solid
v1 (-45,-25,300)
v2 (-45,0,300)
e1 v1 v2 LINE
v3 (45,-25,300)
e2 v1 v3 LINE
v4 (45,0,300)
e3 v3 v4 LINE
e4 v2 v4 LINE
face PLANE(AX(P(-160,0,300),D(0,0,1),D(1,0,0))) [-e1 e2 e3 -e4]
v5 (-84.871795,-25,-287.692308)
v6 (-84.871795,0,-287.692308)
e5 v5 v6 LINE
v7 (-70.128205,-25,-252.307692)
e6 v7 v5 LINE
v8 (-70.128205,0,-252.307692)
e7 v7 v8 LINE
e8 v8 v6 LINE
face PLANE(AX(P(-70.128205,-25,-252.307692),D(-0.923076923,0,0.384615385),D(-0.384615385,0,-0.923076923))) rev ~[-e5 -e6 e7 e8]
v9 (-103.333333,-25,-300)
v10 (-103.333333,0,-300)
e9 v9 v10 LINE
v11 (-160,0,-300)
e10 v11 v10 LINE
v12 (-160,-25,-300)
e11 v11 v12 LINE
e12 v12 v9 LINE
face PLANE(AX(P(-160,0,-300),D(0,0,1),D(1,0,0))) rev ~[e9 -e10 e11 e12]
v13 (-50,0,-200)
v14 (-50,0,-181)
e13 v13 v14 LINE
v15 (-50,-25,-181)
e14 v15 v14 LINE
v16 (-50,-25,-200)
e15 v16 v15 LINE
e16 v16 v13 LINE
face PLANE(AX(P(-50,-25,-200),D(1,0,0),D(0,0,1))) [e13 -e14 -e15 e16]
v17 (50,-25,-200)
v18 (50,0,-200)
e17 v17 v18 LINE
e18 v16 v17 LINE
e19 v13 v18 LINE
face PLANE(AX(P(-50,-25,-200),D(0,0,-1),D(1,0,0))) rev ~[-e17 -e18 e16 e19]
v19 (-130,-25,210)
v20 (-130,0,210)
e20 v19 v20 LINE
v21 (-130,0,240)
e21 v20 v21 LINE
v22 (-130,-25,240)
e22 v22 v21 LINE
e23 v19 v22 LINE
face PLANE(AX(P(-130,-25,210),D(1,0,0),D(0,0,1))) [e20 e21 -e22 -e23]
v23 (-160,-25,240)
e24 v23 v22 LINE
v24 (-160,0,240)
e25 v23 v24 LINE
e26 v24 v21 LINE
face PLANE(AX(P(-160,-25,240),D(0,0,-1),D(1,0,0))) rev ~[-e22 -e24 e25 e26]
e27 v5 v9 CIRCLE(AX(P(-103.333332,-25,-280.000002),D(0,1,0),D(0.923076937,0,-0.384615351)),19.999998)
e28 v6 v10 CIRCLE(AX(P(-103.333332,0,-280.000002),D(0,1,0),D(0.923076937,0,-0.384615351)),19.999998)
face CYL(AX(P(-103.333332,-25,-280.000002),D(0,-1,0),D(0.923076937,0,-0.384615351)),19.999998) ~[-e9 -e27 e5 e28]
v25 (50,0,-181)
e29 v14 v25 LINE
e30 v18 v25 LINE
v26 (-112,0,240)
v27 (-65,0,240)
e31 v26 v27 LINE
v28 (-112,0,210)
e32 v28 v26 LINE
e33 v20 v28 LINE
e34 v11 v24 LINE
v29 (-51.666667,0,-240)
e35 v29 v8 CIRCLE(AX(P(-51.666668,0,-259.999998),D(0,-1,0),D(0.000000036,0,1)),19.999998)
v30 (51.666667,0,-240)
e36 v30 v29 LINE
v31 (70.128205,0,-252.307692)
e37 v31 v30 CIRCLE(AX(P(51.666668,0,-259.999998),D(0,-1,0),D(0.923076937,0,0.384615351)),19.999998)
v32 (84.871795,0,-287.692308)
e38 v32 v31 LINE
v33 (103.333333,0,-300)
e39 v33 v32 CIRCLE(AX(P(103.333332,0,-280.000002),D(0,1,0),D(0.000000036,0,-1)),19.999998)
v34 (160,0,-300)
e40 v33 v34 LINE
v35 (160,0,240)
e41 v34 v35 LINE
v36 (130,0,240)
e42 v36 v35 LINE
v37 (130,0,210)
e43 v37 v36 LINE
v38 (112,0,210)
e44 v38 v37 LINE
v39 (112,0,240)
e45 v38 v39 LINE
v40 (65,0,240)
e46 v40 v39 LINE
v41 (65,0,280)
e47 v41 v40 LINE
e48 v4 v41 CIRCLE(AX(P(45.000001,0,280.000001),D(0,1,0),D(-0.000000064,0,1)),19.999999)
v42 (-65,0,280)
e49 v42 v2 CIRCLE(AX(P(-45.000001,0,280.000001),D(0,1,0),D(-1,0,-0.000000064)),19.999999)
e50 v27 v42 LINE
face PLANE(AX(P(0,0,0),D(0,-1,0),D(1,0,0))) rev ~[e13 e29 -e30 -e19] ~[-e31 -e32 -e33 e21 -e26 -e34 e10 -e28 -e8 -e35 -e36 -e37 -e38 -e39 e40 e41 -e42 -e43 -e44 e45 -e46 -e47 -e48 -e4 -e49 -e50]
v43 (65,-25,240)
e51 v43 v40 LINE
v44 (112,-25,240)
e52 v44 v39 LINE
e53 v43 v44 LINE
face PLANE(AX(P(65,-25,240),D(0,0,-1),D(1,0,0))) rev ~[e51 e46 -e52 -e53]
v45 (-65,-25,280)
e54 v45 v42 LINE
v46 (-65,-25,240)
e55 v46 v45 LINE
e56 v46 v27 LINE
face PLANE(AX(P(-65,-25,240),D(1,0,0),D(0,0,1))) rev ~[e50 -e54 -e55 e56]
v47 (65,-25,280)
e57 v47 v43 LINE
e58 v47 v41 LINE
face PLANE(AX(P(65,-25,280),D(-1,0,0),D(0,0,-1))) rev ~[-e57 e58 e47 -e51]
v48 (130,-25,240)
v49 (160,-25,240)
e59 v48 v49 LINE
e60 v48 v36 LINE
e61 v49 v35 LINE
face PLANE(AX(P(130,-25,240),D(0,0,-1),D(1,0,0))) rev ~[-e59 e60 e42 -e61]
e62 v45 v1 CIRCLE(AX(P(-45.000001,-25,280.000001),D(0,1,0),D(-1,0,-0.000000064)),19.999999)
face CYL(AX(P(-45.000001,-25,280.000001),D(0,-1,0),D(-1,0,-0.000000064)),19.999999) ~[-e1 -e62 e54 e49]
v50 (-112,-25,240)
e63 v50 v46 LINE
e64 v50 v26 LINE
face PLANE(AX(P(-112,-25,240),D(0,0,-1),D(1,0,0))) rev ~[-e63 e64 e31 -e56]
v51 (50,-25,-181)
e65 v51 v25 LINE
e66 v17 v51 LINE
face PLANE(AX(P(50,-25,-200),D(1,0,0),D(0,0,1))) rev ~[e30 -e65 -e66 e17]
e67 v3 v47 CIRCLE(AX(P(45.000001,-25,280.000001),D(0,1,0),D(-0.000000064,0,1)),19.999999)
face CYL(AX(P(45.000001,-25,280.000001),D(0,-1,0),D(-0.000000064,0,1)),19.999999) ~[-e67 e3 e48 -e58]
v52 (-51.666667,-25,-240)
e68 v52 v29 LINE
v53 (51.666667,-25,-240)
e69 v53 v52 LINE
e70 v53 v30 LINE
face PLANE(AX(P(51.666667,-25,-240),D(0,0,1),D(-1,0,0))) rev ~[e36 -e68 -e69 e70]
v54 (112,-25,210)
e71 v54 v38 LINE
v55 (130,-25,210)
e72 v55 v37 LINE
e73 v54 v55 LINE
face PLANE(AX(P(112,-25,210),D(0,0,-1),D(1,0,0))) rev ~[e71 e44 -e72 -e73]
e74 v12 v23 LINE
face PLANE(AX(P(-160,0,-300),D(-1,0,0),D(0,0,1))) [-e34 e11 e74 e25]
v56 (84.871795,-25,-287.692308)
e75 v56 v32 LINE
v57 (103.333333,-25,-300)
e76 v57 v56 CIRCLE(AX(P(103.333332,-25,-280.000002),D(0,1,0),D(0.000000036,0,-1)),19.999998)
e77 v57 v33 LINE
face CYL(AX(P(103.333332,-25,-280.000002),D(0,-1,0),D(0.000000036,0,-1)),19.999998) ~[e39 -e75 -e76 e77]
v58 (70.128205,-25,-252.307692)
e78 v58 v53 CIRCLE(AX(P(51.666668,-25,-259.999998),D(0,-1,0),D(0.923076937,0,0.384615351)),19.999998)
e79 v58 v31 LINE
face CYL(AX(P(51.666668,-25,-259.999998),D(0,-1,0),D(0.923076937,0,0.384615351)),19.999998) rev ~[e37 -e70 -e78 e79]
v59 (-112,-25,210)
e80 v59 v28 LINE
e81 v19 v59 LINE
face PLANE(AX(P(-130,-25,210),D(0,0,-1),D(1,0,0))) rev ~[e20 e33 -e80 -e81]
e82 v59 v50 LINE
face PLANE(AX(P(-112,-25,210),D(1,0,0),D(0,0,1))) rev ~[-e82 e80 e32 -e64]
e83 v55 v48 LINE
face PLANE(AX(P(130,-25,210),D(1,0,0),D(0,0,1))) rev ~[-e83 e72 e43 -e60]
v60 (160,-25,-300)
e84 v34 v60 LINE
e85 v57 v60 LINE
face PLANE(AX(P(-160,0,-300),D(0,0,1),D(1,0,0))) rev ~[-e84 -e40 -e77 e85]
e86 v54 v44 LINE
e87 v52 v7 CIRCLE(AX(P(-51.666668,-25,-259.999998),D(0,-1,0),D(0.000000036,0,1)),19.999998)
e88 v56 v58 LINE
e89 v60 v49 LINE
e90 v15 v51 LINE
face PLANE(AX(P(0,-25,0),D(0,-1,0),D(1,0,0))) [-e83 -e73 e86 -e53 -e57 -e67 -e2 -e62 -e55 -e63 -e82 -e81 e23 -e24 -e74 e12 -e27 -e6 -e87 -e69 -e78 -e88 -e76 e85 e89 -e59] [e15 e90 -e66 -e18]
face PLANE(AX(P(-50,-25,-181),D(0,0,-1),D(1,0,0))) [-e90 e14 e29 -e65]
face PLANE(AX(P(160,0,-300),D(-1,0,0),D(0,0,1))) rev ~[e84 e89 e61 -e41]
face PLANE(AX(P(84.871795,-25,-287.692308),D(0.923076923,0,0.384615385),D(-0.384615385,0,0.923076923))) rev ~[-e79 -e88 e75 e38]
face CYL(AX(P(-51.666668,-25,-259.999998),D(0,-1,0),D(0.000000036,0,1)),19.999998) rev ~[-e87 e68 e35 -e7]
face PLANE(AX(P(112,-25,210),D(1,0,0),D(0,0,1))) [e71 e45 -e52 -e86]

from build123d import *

# Parameters (mm, degrees)
F0_W     = 320
F0_H     = 600
F1_DEPTH = 25
F2_W     = 100
F2_H     = 19
F2_W_2   = 18
F2_H_2   = 30
F3_DEPTH = 25


with BuildPart() as f1:
    # F0 (on Front) → F1 (new body)
    with BuildSketch(Plane.XZ):
        Rectangle(F0_W, F0_H)
    extrude(amount=F1_DEPTH)

    # F2 (on face) → F3 (cut, through all)
    with BuildSketch(Plane.XZ.offset(25)):
        with BuildLine():
            Line((-160, 300), (-160, 240))
            Line((-160, 240), (-130, 240))
            Line((-130, 240), (-112, 240))
            Line((-112, 240), (-85, 240))
            Line((-85, 240), (-65, 240))
            Line((-65, 240), (-65, 260))
            Line((-65, 260), (-65, 280))
            ThreePointArc((-65, 280), (-59.142136, 294.142136), (-45, 300))
            Line((-45, 300), (-160, 300))
        make_face()
        with BuildLine():
            Line((130, 240), (160, 240))
            Line((160, 240), (160, 300))
            Line((160, 300), (45, 300))
            ThreePointArc((45, 300), (59.142136, 294.142136), (65, 280))
            Line((65, 280), (65, 260))
            Line((65, 260), (65, 240))
            Line((65, 240), (85, 240))
            Line((85, 240), (112, 240))
            Line((112, 240), (130, 240))
        make_face()
        with BuildLine():
            Line((-70.128205, -252.307692), (-84.871795, -287.692308))
            ThreePointArc((-84.871795, -287.692308), (-92.239329, -296.641006), (-103.333333, -300))
            Line((-103.333333, -300), (103.333333, -300))
            ThreePointArc((103.333333, -300), (92.239329, -296.641006), (84.871795, -287.692308))
            Line((84.871795, -287.692308), (70.128205, -252.307692))
            ThreePointArc((70.128205, -252.307692), (62.760671, -243.358994), (51.666667, -240))
            Line((51.666667, -240), (-51.666667, -240))
            ThreePointArc((-51.666667, -240), (-62.760671, -243.358994), (-70.128205, -252.307692))
        make_face()
        with Locations((0, -190.5)):
            Rectangle(F2_W, F2_H)
        with Locations((-121, 225)):
            Rectangle(F2_W_2, F2_H_2)
        with Locations((121, 225)):
            Rectangle(F2_W_2, F2_H_2)
    extrude(amount=-F3_DEPTH, mode=Mode.SUBTRACT)


solid = f1.part
